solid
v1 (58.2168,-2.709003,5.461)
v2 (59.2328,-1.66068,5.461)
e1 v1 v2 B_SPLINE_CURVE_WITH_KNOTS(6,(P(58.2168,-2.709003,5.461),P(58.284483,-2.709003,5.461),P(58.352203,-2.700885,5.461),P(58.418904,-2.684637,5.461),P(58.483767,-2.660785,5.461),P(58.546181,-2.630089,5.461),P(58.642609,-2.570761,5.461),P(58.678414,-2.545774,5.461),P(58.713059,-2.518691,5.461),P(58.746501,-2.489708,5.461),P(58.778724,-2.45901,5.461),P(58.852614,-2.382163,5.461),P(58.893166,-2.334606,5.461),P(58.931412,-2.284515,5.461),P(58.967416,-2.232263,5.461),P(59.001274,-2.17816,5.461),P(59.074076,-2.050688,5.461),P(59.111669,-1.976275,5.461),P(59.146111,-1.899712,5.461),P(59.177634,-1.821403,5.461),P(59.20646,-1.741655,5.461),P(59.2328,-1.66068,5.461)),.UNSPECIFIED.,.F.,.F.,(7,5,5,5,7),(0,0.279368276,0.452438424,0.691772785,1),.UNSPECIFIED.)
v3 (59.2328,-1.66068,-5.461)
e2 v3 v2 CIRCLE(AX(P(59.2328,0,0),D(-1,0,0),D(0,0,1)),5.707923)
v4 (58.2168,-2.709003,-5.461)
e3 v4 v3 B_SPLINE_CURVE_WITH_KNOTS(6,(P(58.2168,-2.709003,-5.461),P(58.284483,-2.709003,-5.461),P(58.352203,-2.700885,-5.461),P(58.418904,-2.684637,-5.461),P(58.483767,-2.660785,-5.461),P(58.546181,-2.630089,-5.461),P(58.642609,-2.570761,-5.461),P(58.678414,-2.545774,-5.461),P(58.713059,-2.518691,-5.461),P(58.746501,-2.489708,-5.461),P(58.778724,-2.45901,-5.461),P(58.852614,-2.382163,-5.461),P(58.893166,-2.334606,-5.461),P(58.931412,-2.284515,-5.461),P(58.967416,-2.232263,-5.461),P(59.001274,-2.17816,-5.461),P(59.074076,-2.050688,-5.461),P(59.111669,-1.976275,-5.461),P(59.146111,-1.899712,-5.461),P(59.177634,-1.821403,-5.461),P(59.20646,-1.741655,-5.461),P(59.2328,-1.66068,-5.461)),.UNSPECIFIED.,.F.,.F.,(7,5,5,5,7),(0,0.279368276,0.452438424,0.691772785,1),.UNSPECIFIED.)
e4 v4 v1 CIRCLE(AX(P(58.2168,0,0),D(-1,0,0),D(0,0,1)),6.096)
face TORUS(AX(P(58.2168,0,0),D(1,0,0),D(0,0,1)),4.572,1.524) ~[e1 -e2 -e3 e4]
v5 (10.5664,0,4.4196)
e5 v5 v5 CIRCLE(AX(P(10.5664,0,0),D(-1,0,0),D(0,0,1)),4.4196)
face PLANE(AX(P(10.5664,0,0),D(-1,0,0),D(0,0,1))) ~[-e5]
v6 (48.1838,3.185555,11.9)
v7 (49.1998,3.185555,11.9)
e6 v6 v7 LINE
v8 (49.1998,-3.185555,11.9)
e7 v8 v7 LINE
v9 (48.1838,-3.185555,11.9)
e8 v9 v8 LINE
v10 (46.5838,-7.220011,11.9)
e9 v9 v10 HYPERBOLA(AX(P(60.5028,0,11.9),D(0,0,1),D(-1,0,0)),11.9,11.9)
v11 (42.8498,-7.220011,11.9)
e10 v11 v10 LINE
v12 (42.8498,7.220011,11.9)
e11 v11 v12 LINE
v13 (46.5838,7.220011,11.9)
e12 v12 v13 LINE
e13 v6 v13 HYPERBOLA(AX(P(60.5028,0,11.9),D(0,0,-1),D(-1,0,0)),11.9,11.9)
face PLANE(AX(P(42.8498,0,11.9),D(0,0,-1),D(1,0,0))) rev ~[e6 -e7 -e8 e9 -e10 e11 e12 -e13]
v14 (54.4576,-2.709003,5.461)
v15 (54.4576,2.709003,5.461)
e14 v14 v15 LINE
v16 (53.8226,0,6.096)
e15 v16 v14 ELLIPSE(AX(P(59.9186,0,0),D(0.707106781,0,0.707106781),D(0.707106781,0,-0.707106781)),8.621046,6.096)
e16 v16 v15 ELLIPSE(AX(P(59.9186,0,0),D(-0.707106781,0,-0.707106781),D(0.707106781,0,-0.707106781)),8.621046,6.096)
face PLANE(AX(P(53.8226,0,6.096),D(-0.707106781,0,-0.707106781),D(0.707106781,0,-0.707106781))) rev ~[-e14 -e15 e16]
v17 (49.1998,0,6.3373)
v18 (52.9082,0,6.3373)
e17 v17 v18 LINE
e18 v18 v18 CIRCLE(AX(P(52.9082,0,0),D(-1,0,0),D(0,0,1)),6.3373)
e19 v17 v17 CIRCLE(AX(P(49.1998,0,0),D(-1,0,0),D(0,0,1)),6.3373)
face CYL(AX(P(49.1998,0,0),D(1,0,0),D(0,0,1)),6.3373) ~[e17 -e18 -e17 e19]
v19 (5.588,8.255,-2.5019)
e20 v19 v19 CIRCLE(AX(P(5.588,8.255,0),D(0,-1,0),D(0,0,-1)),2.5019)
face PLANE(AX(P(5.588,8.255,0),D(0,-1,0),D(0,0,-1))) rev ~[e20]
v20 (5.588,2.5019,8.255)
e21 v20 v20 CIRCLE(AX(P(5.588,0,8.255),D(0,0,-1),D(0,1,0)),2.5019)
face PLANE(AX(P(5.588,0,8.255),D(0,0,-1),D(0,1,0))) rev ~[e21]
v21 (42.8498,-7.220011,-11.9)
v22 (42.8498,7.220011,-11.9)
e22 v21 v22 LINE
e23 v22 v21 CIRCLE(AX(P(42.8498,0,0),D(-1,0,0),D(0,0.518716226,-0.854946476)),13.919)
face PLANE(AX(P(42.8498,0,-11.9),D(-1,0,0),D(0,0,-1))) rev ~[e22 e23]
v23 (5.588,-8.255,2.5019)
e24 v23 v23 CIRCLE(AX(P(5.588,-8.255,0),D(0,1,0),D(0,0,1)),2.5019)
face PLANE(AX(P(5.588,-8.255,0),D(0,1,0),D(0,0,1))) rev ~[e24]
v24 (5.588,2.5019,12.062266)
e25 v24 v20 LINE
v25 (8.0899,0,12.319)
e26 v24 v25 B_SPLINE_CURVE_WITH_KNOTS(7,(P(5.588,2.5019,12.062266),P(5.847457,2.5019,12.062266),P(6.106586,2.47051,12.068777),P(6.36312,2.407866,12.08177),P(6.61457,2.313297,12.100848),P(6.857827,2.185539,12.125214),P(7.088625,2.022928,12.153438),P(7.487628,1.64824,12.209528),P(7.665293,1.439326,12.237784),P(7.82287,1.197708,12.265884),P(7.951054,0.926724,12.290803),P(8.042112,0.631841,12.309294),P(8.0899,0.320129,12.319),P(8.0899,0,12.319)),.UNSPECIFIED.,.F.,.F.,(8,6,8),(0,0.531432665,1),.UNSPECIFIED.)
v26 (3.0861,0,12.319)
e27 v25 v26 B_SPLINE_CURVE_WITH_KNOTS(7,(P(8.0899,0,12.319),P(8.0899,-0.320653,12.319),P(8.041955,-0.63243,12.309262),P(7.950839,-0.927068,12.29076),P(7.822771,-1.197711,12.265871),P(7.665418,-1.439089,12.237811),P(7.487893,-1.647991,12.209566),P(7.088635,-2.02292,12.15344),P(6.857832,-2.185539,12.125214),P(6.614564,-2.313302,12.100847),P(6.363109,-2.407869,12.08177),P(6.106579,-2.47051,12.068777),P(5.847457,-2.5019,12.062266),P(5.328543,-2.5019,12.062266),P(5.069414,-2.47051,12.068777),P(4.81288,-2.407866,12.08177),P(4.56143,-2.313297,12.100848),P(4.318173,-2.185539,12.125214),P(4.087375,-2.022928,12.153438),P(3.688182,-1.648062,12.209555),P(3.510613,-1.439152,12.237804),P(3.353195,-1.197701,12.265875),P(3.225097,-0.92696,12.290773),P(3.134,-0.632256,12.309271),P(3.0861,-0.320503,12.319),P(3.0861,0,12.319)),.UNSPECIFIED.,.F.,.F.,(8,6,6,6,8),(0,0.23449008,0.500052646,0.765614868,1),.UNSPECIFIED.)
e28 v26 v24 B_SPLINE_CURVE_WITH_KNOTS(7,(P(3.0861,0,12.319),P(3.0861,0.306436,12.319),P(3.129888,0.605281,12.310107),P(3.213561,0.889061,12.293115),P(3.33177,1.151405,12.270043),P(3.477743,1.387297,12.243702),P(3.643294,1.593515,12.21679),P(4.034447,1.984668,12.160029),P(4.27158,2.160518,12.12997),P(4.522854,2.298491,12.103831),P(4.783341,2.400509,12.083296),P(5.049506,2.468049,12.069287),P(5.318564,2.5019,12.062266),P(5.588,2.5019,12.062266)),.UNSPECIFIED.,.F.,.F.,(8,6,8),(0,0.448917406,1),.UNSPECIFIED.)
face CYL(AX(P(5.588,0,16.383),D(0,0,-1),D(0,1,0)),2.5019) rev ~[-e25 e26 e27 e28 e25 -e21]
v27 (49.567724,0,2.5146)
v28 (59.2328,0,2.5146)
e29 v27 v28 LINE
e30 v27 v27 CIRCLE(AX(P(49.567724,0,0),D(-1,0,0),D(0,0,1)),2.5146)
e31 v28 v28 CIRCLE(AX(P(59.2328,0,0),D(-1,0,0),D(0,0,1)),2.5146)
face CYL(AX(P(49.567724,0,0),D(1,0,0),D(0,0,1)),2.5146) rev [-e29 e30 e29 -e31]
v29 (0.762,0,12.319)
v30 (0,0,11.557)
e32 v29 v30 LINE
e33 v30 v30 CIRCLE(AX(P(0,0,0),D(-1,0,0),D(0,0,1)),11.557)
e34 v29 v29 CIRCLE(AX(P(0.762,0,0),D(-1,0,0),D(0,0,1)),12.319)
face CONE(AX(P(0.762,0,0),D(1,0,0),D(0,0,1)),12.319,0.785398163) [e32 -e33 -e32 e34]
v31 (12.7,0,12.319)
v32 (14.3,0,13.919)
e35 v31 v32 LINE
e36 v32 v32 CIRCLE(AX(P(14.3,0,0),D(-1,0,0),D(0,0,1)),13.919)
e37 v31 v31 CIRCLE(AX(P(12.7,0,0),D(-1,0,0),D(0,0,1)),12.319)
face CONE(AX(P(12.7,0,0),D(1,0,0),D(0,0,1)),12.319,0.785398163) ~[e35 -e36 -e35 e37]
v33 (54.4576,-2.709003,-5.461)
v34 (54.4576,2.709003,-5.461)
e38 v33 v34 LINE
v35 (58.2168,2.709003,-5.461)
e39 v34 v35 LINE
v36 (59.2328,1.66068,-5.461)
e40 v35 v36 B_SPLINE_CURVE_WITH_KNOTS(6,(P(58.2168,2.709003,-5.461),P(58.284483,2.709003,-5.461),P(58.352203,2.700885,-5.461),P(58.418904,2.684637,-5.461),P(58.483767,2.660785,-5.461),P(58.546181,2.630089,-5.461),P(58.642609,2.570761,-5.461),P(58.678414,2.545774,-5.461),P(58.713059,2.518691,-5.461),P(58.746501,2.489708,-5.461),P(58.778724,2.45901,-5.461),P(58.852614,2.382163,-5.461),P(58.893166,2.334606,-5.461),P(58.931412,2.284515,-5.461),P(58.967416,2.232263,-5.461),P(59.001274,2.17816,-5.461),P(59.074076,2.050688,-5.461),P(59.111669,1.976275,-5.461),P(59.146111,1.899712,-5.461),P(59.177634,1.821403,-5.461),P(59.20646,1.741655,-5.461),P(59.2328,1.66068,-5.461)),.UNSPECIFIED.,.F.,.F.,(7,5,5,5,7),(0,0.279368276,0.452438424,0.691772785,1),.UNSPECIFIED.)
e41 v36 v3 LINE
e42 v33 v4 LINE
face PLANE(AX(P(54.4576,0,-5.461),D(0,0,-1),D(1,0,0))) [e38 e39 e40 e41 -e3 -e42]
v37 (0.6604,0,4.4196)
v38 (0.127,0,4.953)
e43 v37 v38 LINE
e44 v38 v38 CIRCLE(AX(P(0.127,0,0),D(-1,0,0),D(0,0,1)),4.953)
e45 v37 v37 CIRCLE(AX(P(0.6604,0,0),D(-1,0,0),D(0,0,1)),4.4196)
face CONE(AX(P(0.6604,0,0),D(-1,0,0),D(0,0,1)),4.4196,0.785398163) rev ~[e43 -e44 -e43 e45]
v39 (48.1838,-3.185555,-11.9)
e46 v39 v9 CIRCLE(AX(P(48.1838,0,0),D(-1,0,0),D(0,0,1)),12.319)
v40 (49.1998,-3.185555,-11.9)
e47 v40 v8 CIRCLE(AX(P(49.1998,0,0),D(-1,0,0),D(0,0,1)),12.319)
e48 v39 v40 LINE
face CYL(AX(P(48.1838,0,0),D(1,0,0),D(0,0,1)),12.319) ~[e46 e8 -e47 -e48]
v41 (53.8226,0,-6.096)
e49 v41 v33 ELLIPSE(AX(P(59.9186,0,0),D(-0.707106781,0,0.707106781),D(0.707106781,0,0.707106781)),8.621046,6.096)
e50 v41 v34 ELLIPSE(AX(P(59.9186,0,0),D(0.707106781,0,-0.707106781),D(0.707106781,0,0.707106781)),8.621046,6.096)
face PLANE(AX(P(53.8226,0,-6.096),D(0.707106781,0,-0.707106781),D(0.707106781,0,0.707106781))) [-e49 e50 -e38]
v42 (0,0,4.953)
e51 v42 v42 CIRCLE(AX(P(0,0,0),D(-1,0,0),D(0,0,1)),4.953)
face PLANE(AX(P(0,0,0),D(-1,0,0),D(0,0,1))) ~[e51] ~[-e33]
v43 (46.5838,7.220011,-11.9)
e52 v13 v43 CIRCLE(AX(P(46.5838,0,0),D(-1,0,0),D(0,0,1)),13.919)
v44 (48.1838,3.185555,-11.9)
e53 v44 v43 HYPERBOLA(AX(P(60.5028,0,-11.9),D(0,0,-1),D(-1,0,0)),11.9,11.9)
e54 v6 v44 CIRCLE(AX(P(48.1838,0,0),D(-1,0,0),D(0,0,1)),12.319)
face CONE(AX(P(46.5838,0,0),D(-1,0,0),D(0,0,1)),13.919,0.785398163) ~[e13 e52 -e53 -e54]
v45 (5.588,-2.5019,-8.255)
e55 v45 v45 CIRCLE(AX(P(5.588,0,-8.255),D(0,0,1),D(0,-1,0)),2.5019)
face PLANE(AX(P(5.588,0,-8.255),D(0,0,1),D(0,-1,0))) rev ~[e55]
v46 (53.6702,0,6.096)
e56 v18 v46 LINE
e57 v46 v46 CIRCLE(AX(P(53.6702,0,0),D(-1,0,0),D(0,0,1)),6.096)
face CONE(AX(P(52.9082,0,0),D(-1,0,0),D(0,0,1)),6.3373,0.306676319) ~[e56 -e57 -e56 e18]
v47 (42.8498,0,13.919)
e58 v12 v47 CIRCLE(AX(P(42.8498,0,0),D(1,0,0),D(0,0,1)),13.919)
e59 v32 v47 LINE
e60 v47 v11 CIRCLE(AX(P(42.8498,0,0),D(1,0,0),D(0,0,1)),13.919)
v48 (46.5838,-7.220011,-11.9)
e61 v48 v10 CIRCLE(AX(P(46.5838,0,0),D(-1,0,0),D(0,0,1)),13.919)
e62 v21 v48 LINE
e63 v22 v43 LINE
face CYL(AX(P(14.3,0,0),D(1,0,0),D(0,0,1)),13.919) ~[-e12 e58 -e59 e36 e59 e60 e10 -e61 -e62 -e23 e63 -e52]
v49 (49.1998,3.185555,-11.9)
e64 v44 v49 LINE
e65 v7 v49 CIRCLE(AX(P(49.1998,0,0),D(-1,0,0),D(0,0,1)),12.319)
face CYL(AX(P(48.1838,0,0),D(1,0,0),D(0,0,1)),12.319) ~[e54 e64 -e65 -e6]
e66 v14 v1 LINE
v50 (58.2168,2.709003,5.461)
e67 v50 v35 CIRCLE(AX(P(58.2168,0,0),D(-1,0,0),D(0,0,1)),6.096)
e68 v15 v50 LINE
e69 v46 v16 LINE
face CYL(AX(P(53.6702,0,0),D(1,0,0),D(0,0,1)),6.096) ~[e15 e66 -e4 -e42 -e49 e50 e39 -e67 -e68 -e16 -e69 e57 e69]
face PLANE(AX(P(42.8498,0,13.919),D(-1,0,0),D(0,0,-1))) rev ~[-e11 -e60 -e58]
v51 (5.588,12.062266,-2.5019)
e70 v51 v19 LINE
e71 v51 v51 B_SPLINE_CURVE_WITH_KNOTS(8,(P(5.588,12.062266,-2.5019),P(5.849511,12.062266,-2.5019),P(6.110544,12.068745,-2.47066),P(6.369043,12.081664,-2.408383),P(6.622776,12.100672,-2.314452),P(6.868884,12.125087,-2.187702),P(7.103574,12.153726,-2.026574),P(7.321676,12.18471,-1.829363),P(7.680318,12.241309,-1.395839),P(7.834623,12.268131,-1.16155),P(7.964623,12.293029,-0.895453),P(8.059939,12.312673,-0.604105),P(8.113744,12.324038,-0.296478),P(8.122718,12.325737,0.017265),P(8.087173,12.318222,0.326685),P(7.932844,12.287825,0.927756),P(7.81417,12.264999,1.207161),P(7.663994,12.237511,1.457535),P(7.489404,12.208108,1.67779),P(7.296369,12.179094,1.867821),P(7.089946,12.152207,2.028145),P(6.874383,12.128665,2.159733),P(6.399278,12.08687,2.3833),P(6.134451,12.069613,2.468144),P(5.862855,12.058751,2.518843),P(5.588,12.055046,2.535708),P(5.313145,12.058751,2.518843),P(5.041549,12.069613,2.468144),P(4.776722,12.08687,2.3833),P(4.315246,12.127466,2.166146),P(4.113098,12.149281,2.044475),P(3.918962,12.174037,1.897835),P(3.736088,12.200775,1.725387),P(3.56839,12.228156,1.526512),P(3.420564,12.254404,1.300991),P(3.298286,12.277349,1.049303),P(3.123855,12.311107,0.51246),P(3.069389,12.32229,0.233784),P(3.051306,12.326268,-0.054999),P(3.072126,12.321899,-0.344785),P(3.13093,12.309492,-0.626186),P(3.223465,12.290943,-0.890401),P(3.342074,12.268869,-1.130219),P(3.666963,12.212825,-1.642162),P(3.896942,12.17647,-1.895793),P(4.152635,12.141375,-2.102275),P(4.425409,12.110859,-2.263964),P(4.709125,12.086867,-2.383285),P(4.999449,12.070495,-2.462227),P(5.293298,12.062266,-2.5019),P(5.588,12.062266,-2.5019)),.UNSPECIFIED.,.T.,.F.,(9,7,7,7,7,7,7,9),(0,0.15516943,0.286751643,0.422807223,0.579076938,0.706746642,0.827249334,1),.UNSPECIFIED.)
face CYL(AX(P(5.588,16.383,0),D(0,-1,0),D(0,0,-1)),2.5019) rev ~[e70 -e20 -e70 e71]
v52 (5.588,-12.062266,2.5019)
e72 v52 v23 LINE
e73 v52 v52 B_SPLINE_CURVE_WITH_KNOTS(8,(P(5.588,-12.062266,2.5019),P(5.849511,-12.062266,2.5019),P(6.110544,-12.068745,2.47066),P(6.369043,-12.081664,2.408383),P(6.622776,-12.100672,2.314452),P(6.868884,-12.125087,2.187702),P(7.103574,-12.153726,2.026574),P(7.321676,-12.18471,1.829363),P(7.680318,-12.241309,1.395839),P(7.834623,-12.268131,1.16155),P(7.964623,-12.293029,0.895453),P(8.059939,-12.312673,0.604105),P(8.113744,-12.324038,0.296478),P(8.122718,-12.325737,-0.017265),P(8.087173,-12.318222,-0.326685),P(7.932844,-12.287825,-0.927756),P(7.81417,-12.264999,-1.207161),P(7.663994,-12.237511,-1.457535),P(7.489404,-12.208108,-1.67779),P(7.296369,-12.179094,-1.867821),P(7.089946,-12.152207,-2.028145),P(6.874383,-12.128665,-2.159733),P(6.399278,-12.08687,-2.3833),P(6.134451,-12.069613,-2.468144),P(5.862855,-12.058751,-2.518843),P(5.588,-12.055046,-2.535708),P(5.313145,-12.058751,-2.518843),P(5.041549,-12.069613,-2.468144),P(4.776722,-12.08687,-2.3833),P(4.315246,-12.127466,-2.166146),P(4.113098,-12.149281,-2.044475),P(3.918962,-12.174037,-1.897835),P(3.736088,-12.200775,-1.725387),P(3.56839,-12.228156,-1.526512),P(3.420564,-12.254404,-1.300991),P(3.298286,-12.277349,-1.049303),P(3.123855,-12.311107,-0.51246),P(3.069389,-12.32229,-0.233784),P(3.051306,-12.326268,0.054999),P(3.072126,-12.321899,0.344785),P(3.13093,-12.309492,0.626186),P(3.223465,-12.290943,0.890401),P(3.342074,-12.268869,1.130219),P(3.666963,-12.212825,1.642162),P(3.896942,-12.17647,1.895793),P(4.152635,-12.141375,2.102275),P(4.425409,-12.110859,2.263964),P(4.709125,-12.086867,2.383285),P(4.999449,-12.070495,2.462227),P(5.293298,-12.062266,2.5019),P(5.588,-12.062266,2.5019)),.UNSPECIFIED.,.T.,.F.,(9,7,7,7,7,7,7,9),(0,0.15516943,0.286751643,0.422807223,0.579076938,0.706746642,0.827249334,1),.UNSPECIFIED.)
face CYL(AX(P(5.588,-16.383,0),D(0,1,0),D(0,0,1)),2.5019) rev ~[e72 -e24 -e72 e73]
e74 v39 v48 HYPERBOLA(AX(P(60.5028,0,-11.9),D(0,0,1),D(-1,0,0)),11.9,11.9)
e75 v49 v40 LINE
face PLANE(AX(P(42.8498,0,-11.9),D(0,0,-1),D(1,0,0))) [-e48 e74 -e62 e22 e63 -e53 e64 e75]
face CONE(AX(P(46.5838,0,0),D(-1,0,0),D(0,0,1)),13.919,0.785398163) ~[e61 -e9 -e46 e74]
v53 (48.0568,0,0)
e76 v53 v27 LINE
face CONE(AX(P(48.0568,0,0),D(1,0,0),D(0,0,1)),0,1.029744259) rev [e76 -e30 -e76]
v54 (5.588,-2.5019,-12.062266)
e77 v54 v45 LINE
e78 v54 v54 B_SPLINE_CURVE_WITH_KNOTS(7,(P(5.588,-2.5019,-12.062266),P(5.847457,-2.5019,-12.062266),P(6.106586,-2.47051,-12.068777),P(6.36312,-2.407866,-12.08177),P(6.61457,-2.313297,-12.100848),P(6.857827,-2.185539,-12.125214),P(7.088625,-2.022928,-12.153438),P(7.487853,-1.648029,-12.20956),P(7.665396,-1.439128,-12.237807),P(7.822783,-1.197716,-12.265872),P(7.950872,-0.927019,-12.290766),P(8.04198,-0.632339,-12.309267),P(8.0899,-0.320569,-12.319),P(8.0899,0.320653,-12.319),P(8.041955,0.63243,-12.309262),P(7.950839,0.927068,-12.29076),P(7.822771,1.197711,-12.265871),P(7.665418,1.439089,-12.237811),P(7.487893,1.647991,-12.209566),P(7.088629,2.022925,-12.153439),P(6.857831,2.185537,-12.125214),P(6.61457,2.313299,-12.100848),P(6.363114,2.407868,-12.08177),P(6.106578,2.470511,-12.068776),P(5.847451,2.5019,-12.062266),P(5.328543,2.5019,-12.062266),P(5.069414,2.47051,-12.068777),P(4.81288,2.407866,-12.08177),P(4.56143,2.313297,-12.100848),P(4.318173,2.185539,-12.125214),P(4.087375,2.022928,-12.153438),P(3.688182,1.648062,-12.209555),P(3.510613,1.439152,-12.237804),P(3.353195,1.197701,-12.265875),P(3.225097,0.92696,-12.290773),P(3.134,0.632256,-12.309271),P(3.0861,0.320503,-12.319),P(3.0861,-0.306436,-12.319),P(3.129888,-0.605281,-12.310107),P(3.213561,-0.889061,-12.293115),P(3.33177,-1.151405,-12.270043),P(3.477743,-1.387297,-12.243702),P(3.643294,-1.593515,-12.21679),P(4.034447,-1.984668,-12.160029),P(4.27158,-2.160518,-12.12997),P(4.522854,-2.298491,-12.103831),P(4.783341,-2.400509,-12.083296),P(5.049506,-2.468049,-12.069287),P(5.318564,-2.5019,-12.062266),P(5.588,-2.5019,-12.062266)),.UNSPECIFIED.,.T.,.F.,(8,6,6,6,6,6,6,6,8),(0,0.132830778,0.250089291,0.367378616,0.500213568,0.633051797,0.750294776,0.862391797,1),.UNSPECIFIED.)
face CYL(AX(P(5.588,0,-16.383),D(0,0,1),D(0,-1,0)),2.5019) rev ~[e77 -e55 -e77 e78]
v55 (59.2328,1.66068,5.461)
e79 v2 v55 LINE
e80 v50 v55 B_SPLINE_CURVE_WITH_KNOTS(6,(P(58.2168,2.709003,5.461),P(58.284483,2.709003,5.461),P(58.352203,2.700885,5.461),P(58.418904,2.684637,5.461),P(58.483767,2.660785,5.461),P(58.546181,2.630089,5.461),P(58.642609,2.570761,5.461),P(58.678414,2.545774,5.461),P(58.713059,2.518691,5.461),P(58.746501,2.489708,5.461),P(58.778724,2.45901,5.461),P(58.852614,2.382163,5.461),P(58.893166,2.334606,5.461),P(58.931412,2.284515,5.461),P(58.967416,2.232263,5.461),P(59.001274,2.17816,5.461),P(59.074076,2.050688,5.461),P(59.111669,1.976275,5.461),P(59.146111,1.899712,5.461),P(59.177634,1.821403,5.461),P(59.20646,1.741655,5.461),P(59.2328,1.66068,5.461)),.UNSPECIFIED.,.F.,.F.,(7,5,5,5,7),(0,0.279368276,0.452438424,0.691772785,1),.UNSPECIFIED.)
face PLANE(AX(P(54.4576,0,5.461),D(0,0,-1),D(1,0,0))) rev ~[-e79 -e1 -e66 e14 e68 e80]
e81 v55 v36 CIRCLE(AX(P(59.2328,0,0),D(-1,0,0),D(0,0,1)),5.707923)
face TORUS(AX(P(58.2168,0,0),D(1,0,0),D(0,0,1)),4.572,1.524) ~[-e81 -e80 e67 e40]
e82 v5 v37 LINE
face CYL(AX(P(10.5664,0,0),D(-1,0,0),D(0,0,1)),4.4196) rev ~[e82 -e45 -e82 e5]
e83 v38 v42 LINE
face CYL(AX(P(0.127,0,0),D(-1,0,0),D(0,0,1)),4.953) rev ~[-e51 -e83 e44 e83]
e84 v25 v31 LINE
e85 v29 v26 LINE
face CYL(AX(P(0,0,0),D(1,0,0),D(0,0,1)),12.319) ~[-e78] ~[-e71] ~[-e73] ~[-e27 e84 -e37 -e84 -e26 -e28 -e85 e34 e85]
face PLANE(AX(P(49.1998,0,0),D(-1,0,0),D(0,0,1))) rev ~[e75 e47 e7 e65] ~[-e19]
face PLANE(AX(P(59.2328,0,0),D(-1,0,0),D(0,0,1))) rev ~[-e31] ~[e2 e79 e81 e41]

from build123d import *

# Parameters (mm, degrees)
CHAMFER1_SIZE           = 0.762
CUT_EXTRUDE1_DEPTH      = 14.919
CUT_EXTRUDE1_DEPTH_BACK = 14.919
HOLE1_D                 = 5.0038
HOLE1_DEPTH             = 4.064
CIRPATTERN1_COUNT       = 4
SKETCH6_W               = 6.35
SKETCH6_H               = 2.019
CUT_EXTRUDE2_DEPTH      = 14.919
CUT_EXTRUDE2_DEPTH_BACK = 14.919


with BuildPart() as part:
    # Sketch1 → Revolve1 (revolve)
    with BuildSketch(Plane(origin=(0, 0, 0), x_dir=(-1, 0, 0), z_dir=(0, 0, -1)), mode=Mode.PRIVATE) as revolve1_sk:
        with BuildLine():
            Line((-59.2328, 5.707922533), (-59.2328, 0))
            Line((-59.2328, 0), (0, 0))
            Line((0, 0), (0, 12.319))
            Line((0, 12.319), (-12.7, 12.319))
            Line((-12.7, 12.319), (-14.3, 13.919))
            Line((-14.3, 13.919), (-46.5838, 13.919))
            Line((-46.5838, 13.919), (-48.1838, 12.319))
            Line((-48.1838, 12.319), (-49.1998, 12.319))
            Line((-49.1998, 12.319), (-49.1998, 6.3373))
            Line((-49.1998, 6.3373), (-52.9082, 6.3373))
            Line((-52.9082, 6.3373), (-53.6702, 6.096))
            Line((-53.6702, 6.096), (-58.2168, 6.096))
            ThreePointArc((-58.2168, 6.096), (-58.760596865, 5.995678675), (-59.2328, 5.707922533))
        make_face()
    revolve(revolve1_sk.sketch.rotate(Axis((59.2328, 0, 0), (-1, 0, 0)), 270), axis=Axis((59.2328, 0, 0), (-1, 0, 0)))  # turned: the seam where the file's is

    # Sketch2 → Cut-Revolve1 (revolve, cut)
    with BuildSketch(Plane(origin=(0, 0, 0), x_dir=(-1, 0, 0), z_dir=(0, 0, -1)), mode=Mode.PRIVATE) as cut_revolve1_sk:
        Polygon((-10.5664, 0), (-10.5664, 4.4196), (-0.6604, 4.4196), (-0.127, 4.953), (0, 4.953), (0, 0), align=None)
    revolve(cut_revolve1_sk.sketch.rotate(Axis((33.143328407, 0, 0), (-1, 0, 0)), 270), axis=Axis((33.143328407, 0, 0), (-1, 0, 0)), mode=Mode.SUBTRACT)  # turned: the seam where the file's is

    # Sketch3 → Cut-Revolve2 (revolve, cut)
    with BuildSketch(Plane(origin=(0, 0, 0), x_dir=(-1, 0, 0), z_dir=(0, 0, -1)), mode=Mode.PRIVATE) as cut_revolve2_sk:
        Polygon((-59.2328, 2.5146), (-59.2328, 0), (-48.0568, 0), (-49.567724113, 2.5146), align=None)
    revolve(cut_revolve2_sk.sketch.rotate(Axis((66.313858967, 0, 0), (-1, 0, 0)), 270), axis=Axis((66.313858967, 0, 0), (-1, 0, 0)), mode=Mode.SUBTRACT)  # turned: the seam where the file's is

    # Chamfer1
    chamfer1_edges = [part.edges().sort_by_distance(p)[0] for p in [
        (0, 0, -12.319),
    ]]
    chamfer(chamfer1_edges, length=CHAMFER1_SIZE)

    # Sketch4 → Cut-Extrude1 (cut, two sides)
    with BuildSketch(Plane(origin=(0, 0, 0), x_dir=(1, 0, 0), z_dir=(0, 1, 0))) as cut_extrude1_sk:
        Polygon((53.8226, 6.096), (54.4576, 5.461), (59.2328, 5.461), (59.2328, 6.096), align=None)
        Polygon((59.2328, -6.096), (53.8226, -6.096), (54.4576, -5.461), (59.2328, -5.461), align=None)
    extrude(amount=CUT_EXTRUDE1_DEPTH, mode=Mode.SUBTRACT)
    extrude(cut_extrude1_sk.sketch, amount=-CUT_EXTRUDE1_DEPTH_BACK, mode=Mode.SUBTRACT)

    # Hole1
    with Locations(Plane(origin=(5.588, 12.319, 0), x_dir=(0, 0, 1), z_dir=(0, 1, 0))):
        with Locations((0, 0)):
            hole1 = Hole(HOLE1_D / 2, depth=HOLE1_DEPTH)

    # CirPattern1: Hole1 ×4 about axis
    cirpattern1_axis = Axis((0, 0, 0), (1, 0, 0))
    for i in range(1, CIRPATTERN1_COUNT):
        add(hole1.rotate(cirpattern1_axis, i * 360 / CIRPATTERN1_COUNT), mode=Mode.SUBTRACT)

    # Sketch6 → Cut-Extrude2 (cut, two sides)
    with BuildSketch(Plane(origin=(0, 0, 0), x_dir=(1, 0, 0), z_dir=(0, 1, 0))) as cut_extrude2_sk:
        with Locations((46.0248, 12.9095)):
            Rectangle(SKETCH6_W, SKETCH6_H)
        with Locations((46.0248, -12.9095)):
            Rectangle(SKETCH6_W, SKETCH6_H)
    extrude(amount=CUT_EXTRUDE2_DEPTH, mode=Mode.SUBTRACT)
    extrude(cut_extrude2_sk.sketch, amount=-CUT_EXTRUDE2_DEPTH_BACK, mode=Mode.SUBTRACT)


solid = part.part
